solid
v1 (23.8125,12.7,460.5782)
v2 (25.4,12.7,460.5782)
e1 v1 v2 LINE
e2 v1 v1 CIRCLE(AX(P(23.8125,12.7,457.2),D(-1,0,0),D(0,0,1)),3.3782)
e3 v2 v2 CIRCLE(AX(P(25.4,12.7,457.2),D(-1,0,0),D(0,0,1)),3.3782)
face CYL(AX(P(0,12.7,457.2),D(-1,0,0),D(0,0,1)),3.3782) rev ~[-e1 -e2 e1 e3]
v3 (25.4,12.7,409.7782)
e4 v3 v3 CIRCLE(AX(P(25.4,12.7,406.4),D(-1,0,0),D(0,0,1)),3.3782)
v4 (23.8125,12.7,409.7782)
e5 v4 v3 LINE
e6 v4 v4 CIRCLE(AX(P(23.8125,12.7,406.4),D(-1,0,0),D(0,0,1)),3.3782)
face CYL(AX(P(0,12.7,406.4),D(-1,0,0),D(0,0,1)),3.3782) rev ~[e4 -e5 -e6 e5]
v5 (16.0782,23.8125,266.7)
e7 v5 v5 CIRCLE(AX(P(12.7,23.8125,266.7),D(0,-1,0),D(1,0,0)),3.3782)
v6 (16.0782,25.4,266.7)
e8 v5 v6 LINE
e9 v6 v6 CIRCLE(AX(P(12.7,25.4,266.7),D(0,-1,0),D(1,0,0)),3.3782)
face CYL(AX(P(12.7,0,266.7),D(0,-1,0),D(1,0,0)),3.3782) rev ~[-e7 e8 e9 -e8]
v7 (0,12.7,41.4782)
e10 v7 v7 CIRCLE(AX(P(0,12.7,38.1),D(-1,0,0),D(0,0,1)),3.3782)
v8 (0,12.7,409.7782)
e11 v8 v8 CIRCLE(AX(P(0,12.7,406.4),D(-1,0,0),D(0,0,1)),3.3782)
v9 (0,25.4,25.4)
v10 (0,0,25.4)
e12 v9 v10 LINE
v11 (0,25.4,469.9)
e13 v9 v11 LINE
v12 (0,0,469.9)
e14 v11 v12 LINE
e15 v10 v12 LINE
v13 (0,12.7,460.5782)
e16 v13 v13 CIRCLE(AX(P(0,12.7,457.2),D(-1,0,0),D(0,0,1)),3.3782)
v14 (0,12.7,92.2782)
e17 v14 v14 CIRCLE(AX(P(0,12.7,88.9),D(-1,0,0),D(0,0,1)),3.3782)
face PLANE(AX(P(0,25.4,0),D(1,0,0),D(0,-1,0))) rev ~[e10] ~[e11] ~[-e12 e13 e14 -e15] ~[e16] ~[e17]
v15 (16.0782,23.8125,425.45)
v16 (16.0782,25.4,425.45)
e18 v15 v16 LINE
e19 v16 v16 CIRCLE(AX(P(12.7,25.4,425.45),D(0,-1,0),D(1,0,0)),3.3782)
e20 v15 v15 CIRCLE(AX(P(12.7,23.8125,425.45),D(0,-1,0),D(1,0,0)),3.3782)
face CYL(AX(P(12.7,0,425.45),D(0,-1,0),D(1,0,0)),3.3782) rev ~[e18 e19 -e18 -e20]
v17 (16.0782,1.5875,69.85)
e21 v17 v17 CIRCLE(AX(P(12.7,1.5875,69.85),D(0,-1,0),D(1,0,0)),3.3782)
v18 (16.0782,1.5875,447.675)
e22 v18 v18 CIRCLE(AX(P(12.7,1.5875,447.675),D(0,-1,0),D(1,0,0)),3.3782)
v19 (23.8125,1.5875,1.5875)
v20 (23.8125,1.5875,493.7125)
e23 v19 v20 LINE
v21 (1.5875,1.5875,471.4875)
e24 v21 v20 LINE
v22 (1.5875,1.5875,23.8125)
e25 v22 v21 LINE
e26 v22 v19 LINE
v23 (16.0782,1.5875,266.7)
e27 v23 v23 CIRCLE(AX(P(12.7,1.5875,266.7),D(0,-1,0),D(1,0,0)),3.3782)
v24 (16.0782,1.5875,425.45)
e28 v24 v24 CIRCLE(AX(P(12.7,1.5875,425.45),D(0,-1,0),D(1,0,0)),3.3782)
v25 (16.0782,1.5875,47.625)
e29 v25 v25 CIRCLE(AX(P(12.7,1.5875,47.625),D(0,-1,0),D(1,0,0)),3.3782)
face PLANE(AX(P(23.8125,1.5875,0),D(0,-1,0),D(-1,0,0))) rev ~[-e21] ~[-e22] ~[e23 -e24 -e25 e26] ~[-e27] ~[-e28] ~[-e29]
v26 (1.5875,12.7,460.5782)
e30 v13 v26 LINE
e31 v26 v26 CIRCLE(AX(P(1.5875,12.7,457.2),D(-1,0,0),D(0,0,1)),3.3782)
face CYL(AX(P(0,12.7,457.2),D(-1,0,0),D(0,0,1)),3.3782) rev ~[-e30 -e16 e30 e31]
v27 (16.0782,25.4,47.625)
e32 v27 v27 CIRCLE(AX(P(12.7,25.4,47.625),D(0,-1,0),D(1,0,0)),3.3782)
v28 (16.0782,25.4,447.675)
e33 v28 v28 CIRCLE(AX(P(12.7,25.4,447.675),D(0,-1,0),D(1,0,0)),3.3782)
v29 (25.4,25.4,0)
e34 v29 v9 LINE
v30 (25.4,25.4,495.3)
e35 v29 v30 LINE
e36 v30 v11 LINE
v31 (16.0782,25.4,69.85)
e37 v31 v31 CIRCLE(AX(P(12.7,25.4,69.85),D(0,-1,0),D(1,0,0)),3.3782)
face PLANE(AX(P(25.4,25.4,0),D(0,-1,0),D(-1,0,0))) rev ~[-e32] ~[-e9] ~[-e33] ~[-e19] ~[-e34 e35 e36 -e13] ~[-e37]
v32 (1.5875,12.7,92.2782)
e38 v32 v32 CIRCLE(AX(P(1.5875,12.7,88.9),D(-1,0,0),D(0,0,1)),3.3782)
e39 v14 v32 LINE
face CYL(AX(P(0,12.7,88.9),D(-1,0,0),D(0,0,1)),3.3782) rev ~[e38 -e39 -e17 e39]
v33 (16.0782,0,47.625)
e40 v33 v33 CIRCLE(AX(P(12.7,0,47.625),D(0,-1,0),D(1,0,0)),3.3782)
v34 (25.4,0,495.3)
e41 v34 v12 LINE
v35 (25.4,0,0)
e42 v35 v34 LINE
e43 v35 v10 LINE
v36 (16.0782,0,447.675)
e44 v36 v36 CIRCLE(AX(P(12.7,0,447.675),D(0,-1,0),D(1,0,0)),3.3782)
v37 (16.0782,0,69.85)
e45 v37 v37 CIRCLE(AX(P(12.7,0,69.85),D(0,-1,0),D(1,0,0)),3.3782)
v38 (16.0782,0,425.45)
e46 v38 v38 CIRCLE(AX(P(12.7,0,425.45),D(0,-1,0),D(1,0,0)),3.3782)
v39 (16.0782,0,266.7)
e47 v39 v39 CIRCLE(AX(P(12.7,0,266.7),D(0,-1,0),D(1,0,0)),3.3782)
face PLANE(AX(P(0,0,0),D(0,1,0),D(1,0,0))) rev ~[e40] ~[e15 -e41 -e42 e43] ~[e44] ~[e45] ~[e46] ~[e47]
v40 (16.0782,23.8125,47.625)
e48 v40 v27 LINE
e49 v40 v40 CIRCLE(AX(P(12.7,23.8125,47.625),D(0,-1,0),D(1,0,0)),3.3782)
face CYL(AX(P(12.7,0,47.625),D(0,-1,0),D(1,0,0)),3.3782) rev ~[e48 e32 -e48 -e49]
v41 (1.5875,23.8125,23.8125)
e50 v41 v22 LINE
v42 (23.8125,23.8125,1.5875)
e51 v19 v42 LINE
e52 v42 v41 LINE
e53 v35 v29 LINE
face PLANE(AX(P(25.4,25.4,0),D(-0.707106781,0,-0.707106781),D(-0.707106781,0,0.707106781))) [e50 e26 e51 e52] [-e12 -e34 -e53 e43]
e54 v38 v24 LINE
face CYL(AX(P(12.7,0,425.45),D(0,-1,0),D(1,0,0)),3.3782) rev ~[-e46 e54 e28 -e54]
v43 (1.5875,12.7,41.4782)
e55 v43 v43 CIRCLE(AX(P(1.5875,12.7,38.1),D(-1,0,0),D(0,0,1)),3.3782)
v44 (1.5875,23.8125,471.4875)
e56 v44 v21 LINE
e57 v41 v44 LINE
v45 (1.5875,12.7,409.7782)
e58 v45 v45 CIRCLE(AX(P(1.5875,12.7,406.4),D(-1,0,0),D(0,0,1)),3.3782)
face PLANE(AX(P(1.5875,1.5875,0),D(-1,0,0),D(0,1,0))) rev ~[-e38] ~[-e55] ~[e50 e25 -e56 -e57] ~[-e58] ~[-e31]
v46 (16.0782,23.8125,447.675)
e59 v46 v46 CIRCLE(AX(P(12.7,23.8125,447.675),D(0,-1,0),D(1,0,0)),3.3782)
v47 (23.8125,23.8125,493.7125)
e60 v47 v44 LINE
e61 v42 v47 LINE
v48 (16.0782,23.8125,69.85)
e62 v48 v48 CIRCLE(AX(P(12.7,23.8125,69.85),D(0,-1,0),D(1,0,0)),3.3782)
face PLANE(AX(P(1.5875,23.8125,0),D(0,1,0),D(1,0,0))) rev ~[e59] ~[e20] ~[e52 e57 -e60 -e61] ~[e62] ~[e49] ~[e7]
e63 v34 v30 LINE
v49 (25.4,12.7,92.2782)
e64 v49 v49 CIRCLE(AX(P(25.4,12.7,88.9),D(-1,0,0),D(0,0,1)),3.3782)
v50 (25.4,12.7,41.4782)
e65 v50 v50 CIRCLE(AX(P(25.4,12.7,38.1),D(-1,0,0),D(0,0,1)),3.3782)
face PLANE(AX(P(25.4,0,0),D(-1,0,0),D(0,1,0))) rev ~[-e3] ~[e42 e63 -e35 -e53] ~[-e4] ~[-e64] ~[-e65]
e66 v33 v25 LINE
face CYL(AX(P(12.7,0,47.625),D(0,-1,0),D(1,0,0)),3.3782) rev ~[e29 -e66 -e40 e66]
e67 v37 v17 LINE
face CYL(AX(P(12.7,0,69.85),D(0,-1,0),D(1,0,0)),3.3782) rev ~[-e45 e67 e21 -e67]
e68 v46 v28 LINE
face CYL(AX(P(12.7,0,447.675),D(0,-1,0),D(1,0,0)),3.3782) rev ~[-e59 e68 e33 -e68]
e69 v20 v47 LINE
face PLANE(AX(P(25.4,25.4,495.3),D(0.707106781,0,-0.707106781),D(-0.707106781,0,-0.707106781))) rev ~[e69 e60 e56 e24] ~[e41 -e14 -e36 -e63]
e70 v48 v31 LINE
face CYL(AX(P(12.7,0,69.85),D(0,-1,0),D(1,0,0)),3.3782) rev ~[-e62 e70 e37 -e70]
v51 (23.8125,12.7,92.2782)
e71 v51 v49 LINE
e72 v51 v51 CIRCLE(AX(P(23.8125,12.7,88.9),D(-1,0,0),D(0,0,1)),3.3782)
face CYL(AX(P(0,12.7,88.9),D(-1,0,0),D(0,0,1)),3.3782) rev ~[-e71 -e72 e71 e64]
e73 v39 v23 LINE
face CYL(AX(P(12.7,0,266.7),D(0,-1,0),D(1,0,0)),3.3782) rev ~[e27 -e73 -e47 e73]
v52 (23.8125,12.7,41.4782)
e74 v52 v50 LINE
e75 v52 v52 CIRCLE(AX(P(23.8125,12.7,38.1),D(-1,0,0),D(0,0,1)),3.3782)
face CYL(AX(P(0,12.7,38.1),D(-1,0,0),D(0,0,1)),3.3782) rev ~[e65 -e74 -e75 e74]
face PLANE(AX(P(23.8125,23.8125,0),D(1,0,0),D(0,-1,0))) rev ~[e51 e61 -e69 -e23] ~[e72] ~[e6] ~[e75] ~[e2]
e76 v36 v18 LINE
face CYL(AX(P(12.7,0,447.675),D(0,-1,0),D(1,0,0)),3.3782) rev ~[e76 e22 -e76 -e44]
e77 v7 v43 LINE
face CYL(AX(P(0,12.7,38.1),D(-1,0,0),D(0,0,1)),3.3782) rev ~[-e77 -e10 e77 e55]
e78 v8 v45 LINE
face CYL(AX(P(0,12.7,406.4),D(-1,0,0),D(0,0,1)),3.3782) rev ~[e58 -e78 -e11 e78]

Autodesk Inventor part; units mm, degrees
ref_plane "YZ Plane" through (0, 0, 0) normal (1, 0, 0) x (0, 1, 0)
ref_plane "XZ Plane" through (0, 0, 0) normal (0, 1, 0) x (-1, 0, 0)
ref_plane "XY Plane" through (0, 0, 0) normal (0, 0, 1) x (1, 0, 0)
sketch "Sketch1" plane through (0, 0, 0) normal (0, 0, 1) x (1, 0, 0)
  line L0 (0, 0) -> (25.4, 0)
  line L1 (25.4, 0) -> (25.4, 25.4)
  line L2 (25.4, 25.4) -> (0, 25.4)
  line L3 (0, 25.4) -> (0, 0)
  line L4 (1.5875, 23.8125) -> (23.8125, 23.8125)
  line L5 (23.8125, 23.8125) -> (23.8125, 1.5875)
  line L6 (23.8125, 1.5875) -> (1.5875, 1.5875)
  line L7 (1.5875, 1.5875) -> (1.5875, 23.8125)
  dimension "d0" = 25.4
  dimension "d2" = 25.4
  dimension "d3" = 1.5875
extrude "Extrusion1" add sketch "Sketch1" along normal blind 495.3
sketch "Sketch2" plane through (0, 25.4, 0) normal (0, 1, 0) x (1, 0, 0)
  line L0 (25.4, 0) -> (0, 0) projected
  line L1 (0, 0) -> (0, -495.3) projected
  line L2 (25.4, -495.3) -> (0, -495.3) projected
  line L3 (25.4, 0) -> (25.4, -495.3) projected
  line L4 (25.4, -495.3) -> (0, -469.9)
  line L5 (25.4, 0) -> (0, -25.4)
  dimension "d6" = 135
  dimension "d7" = 45
extrude "Extrusion2" cut sketch "Sketch2" against normal blind 495.3 contours L5 L1 L0 | L2 L1 L4
sketch "Sketch3" plane through (25.4, 0, 0) normal (0, -1, 0) x (1, 0, 0)
  circle A0 centre (-12.7, 69.85) radius 3.3782 projected
  circle A1 centre (-12.7, 47.625) radius 3.3782 projected
  circle A2 centre (-12.7, 425.45) radius 3.3782 projected
  circle A3 centre (-12.7, 447.675) radius 3.3782 projected
  circle A4 centre (-12.7, 266.7) radius 3.3782 projected
  line L0 (-23.1775, 257.9688) -> (-23.1775, 275.4313) projected
  line L1 (-6.35, 257.9688) -> (-23.1775, 257.9688) projected
  line L2 (-6.35, 275.4313) -> (-6.35, 257.9688) projected
  line L3 (-6.35, 275.4313) -> (-23.1775, 275.4313) projected
  point P0 (-25.4, 0)
extrude "Extrusion3" cut sketch "Sketch3" against normal blind 25.4 contours A0 | A1 | A2 | A3 | A4
sketch "Sketch4" plane through (0, 0, 25.4) normal (-1, 0, 0) x (0, 0, 1)
  circle A0 centre (431.8, 12.7) radius 3.3782 projected
  circle A1 centre (381, 12.7) radius 3.3782 projected
  circle A2 centre (12.7, 12.7) radius 3.3782 projected
  circle A3 centre (63.5, 12.7) radius 3.3782 projected
  point P0 (-25.4, 0)
extrude "Extrusion4" cut sketch "Sketch4" against normal blind 25.4
properties part number "Rebuild Shooter Tower Top Tube 2" material "Aluminum 6061"
